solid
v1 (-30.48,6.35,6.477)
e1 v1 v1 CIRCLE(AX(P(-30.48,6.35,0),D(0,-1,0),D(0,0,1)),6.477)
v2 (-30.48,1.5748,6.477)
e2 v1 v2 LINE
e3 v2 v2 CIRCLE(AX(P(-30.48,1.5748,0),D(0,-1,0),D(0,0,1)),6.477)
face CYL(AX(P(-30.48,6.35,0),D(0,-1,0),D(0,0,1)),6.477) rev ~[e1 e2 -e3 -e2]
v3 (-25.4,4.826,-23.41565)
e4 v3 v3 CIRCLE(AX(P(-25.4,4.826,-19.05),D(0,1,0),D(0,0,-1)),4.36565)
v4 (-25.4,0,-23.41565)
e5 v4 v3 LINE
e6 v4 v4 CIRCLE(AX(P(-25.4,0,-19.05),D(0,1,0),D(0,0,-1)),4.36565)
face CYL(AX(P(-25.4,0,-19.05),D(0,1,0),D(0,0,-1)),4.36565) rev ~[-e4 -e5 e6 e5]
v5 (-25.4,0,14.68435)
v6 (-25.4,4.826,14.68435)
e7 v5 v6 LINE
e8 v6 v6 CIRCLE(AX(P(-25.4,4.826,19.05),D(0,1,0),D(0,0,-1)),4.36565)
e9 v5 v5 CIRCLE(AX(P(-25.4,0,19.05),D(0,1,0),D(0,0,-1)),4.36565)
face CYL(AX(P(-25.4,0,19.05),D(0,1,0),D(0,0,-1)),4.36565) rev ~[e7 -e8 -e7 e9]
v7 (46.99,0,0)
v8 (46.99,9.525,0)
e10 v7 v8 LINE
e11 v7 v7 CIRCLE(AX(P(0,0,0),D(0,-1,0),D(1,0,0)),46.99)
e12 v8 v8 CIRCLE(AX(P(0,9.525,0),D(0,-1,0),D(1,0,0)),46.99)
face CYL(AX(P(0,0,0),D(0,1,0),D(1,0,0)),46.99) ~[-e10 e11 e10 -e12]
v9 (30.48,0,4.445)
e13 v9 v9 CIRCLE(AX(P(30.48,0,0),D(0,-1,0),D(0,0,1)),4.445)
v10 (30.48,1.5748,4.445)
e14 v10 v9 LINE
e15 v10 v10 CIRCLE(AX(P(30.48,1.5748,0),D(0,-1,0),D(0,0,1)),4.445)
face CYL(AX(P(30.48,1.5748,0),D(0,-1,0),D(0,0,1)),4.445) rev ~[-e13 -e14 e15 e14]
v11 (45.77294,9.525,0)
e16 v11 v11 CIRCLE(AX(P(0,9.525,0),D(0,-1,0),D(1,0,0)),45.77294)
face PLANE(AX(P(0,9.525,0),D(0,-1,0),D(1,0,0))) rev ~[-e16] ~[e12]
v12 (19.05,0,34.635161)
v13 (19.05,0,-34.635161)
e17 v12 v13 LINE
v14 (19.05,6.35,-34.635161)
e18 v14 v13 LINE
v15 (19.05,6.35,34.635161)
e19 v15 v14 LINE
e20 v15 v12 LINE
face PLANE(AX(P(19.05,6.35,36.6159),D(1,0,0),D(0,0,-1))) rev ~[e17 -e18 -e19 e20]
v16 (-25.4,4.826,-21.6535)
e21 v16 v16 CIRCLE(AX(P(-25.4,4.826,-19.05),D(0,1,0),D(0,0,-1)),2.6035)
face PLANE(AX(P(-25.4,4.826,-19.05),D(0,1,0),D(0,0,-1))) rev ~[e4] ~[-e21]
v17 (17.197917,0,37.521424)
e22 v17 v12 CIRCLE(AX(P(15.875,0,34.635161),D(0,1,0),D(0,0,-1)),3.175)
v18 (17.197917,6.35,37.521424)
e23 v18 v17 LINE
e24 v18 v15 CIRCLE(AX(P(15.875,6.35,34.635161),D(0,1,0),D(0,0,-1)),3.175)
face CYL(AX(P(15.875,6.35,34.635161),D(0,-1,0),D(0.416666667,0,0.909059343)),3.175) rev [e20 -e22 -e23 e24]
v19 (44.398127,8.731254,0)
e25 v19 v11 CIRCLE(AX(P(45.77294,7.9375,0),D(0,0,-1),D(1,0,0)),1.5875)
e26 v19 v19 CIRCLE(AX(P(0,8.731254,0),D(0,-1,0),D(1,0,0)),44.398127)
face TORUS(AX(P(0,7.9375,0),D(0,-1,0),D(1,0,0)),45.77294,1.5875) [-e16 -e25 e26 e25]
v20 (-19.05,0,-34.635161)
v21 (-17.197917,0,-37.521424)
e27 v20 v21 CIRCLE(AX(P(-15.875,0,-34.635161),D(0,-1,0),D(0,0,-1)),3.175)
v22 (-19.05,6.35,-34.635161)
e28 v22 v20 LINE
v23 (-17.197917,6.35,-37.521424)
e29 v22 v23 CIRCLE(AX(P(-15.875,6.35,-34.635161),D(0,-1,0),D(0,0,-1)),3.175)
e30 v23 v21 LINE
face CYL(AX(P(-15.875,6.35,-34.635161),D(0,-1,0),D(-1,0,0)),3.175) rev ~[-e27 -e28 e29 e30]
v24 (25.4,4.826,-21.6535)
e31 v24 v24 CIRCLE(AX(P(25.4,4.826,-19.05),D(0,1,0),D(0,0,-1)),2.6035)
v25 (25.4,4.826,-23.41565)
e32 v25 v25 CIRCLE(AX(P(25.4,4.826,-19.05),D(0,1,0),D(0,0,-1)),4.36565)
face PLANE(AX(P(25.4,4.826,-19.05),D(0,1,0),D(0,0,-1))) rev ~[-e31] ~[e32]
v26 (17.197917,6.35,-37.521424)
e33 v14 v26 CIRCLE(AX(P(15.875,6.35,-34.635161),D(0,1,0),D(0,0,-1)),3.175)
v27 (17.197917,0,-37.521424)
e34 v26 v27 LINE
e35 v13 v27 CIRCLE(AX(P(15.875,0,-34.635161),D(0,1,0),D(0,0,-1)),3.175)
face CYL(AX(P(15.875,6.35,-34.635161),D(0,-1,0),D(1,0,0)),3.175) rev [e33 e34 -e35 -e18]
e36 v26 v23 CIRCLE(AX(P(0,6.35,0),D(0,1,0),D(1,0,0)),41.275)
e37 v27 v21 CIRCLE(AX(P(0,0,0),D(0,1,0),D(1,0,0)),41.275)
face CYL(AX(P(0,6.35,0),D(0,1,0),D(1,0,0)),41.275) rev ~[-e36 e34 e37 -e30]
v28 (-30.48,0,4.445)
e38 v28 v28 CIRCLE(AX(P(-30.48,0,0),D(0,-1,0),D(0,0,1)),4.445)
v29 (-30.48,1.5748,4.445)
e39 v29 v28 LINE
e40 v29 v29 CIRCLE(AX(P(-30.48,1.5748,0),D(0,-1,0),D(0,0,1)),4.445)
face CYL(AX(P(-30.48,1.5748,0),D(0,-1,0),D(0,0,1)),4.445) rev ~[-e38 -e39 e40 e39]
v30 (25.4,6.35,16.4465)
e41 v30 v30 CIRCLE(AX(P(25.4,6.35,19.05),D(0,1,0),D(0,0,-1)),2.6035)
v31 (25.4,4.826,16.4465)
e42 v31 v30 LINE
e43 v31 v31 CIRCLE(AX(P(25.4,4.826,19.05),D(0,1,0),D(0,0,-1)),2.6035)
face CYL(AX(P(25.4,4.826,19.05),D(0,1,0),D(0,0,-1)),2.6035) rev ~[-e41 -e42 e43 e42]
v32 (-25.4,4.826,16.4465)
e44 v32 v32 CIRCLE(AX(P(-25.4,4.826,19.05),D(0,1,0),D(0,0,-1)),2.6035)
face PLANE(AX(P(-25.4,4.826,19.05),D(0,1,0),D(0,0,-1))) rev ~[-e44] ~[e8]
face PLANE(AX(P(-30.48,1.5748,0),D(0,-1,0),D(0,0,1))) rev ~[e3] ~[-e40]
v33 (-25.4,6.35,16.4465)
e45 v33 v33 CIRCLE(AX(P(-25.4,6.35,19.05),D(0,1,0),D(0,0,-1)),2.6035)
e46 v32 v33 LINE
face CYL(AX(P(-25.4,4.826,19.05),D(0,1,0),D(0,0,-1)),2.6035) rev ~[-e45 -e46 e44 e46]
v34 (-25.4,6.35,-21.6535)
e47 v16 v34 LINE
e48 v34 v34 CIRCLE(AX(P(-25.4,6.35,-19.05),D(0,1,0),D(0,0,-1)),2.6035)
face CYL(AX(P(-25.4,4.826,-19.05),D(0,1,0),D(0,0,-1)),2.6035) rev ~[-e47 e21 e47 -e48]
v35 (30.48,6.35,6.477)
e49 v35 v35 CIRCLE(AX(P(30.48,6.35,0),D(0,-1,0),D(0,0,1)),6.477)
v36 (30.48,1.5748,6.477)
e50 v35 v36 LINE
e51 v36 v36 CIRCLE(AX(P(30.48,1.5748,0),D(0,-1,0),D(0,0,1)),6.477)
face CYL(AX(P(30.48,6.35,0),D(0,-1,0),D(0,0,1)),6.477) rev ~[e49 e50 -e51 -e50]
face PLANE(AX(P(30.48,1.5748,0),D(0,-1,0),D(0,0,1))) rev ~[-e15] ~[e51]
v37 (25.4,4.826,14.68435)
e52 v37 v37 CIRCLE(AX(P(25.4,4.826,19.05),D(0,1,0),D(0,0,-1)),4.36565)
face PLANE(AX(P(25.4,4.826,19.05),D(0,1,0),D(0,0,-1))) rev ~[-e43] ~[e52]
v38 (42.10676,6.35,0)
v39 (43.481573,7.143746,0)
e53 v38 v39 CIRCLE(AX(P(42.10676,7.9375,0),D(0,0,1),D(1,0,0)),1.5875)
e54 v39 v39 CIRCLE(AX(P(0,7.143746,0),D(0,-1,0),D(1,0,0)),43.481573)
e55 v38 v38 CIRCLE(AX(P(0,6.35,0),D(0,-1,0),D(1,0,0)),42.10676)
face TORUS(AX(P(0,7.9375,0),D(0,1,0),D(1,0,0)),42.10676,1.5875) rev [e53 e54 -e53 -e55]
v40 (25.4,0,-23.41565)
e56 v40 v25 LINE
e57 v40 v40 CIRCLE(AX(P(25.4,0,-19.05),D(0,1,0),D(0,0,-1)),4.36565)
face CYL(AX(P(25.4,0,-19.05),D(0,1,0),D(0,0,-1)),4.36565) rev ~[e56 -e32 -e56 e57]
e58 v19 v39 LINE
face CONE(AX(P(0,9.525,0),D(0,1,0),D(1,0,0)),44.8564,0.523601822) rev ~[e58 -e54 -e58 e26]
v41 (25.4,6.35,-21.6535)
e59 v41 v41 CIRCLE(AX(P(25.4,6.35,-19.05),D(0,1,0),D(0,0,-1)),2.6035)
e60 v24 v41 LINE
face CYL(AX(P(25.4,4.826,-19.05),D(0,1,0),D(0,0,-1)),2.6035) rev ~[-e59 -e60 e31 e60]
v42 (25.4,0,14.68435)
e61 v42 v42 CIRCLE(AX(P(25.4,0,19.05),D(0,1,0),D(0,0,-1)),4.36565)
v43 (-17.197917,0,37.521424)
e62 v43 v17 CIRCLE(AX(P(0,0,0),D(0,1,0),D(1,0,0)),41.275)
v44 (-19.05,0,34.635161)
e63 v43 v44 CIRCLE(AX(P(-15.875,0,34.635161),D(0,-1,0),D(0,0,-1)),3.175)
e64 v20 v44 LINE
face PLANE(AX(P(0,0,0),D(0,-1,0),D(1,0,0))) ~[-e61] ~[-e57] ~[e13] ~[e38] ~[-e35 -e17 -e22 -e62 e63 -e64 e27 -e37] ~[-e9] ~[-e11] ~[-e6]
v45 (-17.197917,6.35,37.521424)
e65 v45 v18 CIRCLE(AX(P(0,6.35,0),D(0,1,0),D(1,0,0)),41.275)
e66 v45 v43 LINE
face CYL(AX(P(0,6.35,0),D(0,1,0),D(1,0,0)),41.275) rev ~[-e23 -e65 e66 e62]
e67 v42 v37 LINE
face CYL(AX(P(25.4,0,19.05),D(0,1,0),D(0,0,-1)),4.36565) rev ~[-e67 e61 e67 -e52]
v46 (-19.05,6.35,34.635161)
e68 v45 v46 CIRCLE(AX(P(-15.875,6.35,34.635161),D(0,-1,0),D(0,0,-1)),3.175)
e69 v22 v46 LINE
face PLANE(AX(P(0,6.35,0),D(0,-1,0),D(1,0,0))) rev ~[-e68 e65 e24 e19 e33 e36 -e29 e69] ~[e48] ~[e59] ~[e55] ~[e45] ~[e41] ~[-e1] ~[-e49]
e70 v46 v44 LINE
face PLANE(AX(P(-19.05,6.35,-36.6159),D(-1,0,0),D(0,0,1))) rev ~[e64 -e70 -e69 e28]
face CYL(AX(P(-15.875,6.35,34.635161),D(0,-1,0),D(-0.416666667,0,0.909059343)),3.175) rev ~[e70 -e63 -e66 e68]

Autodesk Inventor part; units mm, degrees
ref_plane "YZ Plane" through (0, 0, 0) normal (1, 0, 0) x (0, 1, 0)
ref_plane "XZ Plane" through (0, 0, 0) normal (0, 1, 0) x (-1, 0, 0)
ref_plane "XY Plane" through (0, 0, 0) normal (0, 0, 1) x (1, 0, 0)
sketch "Sketch1" plane through (0, 0, 0) normal (0, 0, 1) x (1, 0, 0)
  line L0 (0, 0) -> (46.99, 0)
  line L1 (46.99, 0) -> (46.99, 9.525)
  line L2 (46.99, 9.525) -> (44.8564, 9.525)
  line L3 (44.8564, 9.525) -> (43.0233, 6.35)
  line L4 (43.0233, 6.35) -> (0, 6.35)
  line L5 (0, 6.35) -> (0, 0)
  dimension "d0" = 44.8564
  dimension "d2" = 9.525
  dimension "d3" = 60
  dimension "d4" = 46.99
  dimension "d7" = 3.175
revolve "Revolution1" add sketch "Sketch1" angle 360 about axis through (0, 6.35, 0) along (0, -1, 0)
fillet "Fillet1" radius 1.5875 2 edges at (-44.8564, 9.525, 0) (-43.0233, 6.35, 0)
sketch "Sketch2" plane through (0, 6.35, 0) normal (0, 1, 0) x (1, 0, 0)
  circle A0 centre (0, 0) radius 41.275
  line L0 (-19.05, 36.6159) -> (-19.05, -36.6159)
  line L1 (19.05, -36.6159) -> (19.05, 36.6159)
  dimension "d8" = 82.55
  dimension "d9" = 38.1
extrude "Extrusion1" cut sketch "Sketch2" against normal through all contours L1 A0 L0
sketch "Sketch3" plane through (0, 6.35, 0) normal (0, 1, 0) x (1, 0, 0)
  line L0 (0, 0) -> (-30.48, 0) construction
  line L1 (0, 0) -> (30.48, 0) construction
  dimension "d12" = 60.96
hole "Hole1" at (-30.48, 6.35, 0) at (30.48, 6.35, 0) direction (0, -1, 0) diameter 8.89 end through all counterbore diameter 12.954 counterbore depth 4.7752
sketch "Sketch4" plane through (0, 0, 0) normal (0, -1, 0) x (1, 0, 0)
  line L0 (25.4, -19.05) -> (-25.4, -19.05) construction
  line L1 (-25.4, -19.05) -> (-25.4, 19.05) construction
  line L2 (-25.4, 19.05) -> (25.4, 19.05) construction
  line L3 (25.4, 19.05) -> (25.4, -19.05) construction
  line L4 (25.4, -19.05) -> (-25.4, 19.05) construction
  line L5 (25.4, 19.05) -> (-25.4, -19.05) construction
  point P0 (0, 0)
  point P1 (0, 0)
  dimension "d20" = 50.8
  dimension "d21" = 38.1
hole "Hole2" at (25.4, 0, -19.05) at (-25.4, 0, -19.05) at (-25.4, 0, 19.05) at (25.4, 0, 19.05) direction (0, 1, 0) diameter 5.207 end through all counterbore diameter 8.7313 counterbore depth 4.826
fillet "Fillet2" radius 3.175 4 edges at (19.05, 3.175, -36.6159) (19.05, 3.175, 36.6159) (-19.05, 3.175, 36.6159) (-19.05, 3.175, -36.6159)
properties part number "CarriageCap" material "ABS Plastic"
